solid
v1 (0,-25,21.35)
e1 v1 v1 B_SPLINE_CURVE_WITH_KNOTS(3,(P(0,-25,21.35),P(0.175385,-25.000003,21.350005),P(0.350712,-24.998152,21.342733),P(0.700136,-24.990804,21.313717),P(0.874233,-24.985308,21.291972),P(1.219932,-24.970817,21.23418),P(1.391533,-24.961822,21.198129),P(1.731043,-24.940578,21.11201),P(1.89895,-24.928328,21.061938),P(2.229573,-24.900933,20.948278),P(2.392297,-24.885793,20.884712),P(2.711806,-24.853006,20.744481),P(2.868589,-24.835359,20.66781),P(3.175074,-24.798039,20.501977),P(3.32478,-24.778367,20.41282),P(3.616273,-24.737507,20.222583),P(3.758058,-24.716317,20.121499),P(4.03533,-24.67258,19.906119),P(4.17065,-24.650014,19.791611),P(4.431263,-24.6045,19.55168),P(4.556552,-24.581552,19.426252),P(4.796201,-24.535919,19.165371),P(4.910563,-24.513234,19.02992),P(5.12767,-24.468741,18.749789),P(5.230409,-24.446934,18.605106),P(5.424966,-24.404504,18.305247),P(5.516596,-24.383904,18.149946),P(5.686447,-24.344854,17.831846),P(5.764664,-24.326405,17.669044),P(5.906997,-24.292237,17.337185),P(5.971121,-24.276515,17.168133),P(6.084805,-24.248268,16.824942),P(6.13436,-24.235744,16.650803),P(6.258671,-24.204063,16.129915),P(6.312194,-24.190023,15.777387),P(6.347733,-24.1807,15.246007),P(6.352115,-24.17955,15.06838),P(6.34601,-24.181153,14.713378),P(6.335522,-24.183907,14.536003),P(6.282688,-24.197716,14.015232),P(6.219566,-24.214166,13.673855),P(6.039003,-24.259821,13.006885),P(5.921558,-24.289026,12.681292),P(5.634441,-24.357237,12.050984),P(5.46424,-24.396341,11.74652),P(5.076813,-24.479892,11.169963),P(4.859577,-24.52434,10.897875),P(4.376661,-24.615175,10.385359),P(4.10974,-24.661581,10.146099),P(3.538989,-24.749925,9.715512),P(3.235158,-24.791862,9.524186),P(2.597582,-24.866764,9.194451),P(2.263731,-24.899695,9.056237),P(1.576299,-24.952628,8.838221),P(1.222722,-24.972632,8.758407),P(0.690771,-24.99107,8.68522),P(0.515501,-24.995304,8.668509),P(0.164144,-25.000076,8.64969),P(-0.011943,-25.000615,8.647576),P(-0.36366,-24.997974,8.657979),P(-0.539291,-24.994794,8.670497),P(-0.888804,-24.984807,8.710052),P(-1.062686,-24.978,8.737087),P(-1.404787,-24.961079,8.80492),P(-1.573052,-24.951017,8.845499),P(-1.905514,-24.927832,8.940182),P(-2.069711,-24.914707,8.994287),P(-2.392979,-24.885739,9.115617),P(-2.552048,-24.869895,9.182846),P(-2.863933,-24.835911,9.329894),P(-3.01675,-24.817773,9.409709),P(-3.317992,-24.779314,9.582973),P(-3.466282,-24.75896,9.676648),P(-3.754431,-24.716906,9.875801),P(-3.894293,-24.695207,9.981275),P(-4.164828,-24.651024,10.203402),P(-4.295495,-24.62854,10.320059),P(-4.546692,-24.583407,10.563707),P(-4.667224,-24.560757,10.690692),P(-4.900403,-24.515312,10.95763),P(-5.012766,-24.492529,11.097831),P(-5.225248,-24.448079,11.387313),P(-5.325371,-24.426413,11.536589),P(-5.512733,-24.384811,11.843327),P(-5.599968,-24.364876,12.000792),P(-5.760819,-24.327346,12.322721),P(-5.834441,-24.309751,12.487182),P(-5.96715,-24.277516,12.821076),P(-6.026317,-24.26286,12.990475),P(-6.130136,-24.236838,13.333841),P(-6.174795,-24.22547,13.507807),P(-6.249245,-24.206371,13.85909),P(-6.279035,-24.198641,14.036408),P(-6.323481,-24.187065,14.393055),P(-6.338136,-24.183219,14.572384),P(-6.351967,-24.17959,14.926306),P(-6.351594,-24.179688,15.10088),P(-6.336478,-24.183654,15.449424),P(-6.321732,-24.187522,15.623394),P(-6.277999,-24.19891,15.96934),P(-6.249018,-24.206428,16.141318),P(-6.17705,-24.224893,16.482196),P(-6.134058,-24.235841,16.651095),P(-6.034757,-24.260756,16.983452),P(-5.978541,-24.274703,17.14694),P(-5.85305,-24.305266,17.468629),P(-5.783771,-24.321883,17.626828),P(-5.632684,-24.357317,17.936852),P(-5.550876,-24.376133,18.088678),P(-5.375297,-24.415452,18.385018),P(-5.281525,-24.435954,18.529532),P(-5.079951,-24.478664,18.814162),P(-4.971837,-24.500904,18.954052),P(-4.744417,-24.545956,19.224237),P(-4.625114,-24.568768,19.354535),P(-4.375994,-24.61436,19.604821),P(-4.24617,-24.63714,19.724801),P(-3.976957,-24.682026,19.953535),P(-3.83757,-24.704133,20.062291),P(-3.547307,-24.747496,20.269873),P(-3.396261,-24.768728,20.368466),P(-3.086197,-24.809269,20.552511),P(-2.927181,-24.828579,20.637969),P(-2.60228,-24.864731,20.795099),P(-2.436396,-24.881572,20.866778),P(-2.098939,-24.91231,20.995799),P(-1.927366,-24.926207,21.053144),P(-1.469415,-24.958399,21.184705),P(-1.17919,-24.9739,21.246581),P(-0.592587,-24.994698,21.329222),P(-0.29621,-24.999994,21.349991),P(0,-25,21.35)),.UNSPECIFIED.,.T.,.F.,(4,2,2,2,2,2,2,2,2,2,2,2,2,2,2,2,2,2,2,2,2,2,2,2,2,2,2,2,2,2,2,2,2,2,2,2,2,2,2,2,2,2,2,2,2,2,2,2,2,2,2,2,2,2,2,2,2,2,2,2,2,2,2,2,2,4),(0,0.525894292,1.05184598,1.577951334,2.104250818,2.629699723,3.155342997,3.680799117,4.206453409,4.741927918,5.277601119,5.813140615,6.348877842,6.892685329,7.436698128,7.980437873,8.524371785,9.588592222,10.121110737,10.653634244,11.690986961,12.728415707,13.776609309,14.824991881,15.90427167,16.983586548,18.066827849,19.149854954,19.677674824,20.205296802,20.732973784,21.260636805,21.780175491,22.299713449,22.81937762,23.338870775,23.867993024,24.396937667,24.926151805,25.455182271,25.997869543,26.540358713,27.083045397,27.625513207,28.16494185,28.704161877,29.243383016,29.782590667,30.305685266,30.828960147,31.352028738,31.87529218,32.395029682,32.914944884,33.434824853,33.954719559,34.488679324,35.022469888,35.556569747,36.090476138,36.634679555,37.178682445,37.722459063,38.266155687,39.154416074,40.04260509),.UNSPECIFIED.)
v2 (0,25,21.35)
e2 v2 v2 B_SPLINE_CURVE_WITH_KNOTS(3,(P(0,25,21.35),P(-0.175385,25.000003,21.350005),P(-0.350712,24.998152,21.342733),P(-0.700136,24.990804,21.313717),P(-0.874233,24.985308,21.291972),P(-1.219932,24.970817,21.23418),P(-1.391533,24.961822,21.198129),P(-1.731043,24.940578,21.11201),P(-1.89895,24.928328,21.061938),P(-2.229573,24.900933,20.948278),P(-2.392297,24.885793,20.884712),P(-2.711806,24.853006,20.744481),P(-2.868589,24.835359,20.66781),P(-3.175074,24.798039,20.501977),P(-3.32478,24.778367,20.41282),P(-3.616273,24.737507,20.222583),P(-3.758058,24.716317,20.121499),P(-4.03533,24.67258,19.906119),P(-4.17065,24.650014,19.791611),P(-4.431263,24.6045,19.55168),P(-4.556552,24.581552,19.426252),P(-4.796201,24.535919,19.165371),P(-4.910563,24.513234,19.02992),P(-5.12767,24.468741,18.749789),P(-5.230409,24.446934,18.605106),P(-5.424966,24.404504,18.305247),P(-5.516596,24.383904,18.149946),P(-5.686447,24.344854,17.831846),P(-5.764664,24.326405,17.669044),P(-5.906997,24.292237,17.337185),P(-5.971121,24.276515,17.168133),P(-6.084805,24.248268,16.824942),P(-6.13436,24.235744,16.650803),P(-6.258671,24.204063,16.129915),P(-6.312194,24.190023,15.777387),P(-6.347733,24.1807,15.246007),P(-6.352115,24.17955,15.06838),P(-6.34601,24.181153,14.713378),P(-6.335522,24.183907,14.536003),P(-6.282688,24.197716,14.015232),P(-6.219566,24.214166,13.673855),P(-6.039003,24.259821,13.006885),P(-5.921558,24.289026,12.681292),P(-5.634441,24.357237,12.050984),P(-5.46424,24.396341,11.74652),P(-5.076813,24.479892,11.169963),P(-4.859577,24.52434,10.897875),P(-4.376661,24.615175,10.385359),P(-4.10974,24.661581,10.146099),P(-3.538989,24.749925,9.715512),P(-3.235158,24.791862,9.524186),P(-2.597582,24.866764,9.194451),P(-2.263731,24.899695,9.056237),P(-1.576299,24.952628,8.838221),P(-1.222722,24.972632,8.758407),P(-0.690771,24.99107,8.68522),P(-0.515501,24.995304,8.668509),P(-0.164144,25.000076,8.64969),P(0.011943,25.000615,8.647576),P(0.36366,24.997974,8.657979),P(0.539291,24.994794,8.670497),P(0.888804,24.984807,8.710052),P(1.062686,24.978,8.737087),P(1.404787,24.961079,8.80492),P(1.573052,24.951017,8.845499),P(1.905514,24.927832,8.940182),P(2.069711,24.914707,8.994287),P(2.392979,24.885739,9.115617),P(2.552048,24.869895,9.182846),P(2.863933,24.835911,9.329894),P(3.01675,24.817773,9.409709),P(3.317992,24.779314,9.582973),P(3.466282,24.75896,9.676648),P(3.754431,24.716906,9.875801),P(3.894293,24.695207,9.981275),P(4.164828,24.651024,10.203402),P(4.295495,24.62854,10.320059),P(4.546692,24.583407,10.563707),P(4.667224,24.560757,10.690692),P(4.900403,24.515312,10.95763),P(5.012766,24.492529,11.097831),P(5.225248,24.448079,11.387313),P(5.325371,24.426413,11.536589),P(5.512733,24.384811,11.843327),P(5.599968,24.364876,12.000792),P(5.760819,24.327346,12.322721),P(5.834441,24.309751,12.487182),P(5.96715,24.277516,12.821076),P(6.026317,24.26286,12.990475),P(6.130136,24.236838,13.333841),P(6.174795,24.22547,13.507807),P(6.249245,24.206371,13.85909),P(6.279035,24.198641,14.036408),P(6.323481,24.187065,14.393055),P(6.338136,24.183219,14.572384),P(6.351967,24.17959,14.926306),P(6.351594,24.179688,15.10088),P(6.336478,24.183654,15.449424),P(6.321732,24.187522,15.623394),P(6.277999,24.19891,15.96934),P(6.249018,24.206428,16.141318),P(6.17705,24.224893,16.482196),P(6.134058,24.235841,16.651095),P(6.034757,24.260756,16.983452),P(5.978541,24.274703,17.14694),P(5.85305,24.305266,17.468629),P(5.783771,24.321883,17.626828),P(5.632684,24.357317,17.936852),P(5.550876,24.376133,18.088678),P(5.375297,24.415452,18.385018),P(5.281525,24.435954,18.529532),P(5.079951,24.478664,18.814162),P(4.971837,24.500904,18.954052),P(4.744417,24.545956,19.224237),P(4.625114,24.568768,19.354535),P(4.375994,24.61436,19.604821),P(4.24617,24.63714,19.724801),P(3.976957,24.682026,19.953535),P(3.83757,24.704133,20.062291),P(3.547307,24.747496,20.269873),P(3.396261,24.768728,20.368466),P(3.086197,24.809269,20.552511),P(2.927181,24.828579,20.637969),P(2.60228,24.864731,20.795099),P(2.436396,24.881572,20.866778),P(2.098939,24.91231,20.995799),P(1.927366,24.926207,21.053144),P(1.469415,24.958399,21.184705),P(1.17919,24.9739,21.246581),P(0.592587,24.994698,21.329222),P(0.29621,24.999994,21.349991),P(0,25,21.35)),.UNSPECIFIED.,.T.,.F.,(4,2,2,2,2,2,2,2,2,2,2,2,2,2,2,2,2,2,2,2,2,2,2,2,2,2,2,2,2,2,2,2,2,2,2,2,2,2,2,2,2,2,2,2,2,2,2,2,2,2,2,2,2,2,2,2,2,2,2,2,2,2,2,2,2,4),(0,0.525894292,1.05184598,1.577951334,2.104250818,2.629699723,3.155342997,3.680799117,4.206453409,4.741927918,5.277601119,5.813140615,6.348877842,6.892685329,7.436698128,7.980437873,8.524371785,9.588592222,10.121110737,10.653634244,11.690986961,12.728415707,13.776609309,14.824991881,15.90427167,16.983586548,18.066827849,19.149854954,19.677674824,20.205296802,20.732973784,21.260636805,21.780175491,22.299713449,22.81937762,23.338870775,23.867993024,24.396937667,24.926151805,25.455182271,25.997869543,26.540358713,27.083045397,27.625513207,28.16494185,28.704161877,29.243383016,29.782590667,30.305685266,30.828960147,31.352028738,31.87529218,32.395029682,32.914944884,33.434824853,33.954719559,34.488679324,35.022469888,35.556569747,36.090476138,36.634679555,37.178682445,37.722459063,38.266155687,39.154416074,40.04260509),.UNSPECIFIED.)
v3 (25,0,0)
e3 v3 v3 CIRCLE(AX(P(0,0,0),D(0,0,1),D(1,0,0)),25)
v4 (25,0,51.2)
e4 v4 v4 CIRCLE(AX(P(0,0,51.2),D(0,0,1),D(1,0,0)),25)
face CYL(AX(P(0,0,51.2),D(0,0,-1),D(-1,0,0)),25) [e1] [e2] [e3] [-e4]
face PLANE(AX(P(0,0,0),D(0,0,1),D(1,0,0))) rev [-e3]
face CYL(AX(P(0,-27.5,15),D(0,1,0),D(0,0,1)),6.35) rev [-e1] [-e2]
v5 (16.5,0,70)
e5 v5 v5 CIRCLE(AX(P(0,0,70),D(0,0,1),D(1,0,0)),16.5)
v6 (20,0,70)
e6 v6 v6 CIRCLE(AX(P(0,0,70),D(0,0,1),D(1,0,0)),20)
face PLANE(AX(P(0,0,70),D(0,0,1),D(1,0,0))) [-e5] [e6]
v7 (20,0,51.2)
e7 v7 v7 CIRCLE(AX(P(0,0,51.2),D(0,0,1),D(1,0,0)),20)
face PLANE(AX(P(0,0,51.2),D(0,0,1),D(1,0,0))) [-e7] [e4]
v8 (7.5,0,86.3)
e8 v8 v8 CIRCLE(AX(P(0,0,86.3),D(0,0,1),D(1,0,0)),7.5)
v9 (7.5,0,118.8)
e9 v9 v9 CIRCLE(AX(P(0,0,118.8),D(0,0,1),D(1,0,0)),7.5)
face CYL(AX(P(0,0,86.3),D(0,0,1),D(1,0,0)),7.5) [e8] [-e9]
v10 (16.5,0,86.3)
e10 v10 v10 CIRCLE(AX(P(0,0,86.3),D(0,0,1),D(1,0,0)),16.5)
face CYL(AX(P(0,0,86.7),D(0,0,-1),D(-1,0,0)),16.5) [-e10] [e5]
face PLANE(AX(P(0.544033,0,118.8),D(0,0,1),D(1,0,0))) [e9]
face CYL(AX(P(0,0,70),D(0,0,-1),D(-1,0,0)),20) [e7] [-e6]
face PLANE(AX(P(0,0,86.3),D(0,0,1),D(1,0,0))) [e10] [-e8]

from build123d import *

# Parameters (mm, degrees)
ESQUISSE1_R                  = 25
BOSS_EXTRU_1_DEPTH           = 51.2
ESQUISSE2_R                  = 20
BOSS_EXTRU_2_DEPTH           = 18.8
ESQUISSE3_R                  = 16.5
BOSS_EXTRU_3_DEPTH           = 16.7
ESQUISSE4_R                  = 27.5
BOSS_EXTRU_4_DEPTH           = 47.1
CHANFREIN1_SIZE              = 10
CHANFREIN1_SIZE2             = 17.320508076
ESQUISSE12_R                 = 6.35
ENL_V_MAT_EXTRU_1_DEPTH      = 28.5
ENL_V_MAT_EXTRU_1_DEPTH_BACK = 28.5
ESQUISSE13_R                 = 47.258439022
ENL_V_MAT_EXTRU_2_DEPTH      = 15
ESQUISSE14_R                 = 39.934727028
ESQUISSE14_R_2               = 7.5
ENL_V_MAT_EXTRU_4_DEPTH      = 32.5


with BuildPart() as part:
    # Esquisse1 → Boss.-Extru.1 (new body)
    with BuildSketch(Plane.XY):
        Circle(ESQUISSE1_R)
    extrude(amount=BOSS_EXTRU_1_DEPTH)

    # Esquisse2 → Boss.-Extru.2 (add)
    with BuildSketch(Plane.XY.offset(51.2)):
        Circle(ESQUISSE2_R)
    extrude(amount=BOSS_EXTRU_2_DEPTH)

    # Esquisse3 → Boss.-Extru.3 (add)
    with BuildSketch(Plane.XY.offset(70)):
        Circle(ESQUISSE3_R)
    extrude(amount=BOSS_EXTRU_3_DEPTH)

    # Esquisse4 → Boss.-Extru.4 (add)
    with BuildSketch(Plane.XY.offset(86.7)):
        Circle(ESQUISSE4_R)
    extrude(amount=BOSS_EXTRU_4_DEPTH)

    # Chanfrein1
    chanfrein1_edges = [part.edges().sort_by_distance(p)[0] for p in [
        (-27.5, 0, 86.7),
    ]]
    chanfrein1_side = [part.faces().sort_by_distance(p)[0] for p in [
        (-26.722182541, 0, 86.7),
    ]]
    chamfer(chanfrein1_edges, length=CHANFREIN1_SIZE, length2=CHANFREIN1_SIZE2, reference=chanfrein1_side[0])

    # Esquisse12 → Enlèv. mat.-Extru.1 (cut, two sides)
    with BuildSketch(Plane(origin=(0, 0, 0), x_dir=(1, 0, 0), z_dir=(0, 1, 0))) as enl_v_mat_extru_1_sk:
        with Locations((0, -15)):
            Circle(ESQUISSE12_R)
    extrude(amount=ENL_V_MAT_EXTRU_1_DEPTH, mode=Mode.SUBTRACT)
    extrude(enl_v_mat_extru_1_sk.sketch, amount=-ENL_V_MAT_EXTRU_1_DEPTH_BACK, mode=Mode.SUBTRACT)

    # Esquisse13 → Enlèv. mat.-Extru.2 (cut)
    with BuildSketch(Plane.XY.offset(133.8)):
        with Locations((0.544033406, 0)):
            Circle(ESQUISSE13_R)
    extrude(amount=-ENL_V_MAT_EXTRU_2_DEPTH, mode=Mode.SUBTRACT)

    # Esquisse14 → Enlèv. mat.-Extru.4 (cut)
    with BuildSketch(Plane.XY.offset(118.8)):
        Circle(ESQUISSE14_R)
        Circle(ESQUISSE14_R_2, mode=Mode.SUBTRACT)
    extrude(amount=-ENL_V_MAT_EXTRU_4_DEPTH, mode=Mode.SUBTRACT)


solid = part.part
